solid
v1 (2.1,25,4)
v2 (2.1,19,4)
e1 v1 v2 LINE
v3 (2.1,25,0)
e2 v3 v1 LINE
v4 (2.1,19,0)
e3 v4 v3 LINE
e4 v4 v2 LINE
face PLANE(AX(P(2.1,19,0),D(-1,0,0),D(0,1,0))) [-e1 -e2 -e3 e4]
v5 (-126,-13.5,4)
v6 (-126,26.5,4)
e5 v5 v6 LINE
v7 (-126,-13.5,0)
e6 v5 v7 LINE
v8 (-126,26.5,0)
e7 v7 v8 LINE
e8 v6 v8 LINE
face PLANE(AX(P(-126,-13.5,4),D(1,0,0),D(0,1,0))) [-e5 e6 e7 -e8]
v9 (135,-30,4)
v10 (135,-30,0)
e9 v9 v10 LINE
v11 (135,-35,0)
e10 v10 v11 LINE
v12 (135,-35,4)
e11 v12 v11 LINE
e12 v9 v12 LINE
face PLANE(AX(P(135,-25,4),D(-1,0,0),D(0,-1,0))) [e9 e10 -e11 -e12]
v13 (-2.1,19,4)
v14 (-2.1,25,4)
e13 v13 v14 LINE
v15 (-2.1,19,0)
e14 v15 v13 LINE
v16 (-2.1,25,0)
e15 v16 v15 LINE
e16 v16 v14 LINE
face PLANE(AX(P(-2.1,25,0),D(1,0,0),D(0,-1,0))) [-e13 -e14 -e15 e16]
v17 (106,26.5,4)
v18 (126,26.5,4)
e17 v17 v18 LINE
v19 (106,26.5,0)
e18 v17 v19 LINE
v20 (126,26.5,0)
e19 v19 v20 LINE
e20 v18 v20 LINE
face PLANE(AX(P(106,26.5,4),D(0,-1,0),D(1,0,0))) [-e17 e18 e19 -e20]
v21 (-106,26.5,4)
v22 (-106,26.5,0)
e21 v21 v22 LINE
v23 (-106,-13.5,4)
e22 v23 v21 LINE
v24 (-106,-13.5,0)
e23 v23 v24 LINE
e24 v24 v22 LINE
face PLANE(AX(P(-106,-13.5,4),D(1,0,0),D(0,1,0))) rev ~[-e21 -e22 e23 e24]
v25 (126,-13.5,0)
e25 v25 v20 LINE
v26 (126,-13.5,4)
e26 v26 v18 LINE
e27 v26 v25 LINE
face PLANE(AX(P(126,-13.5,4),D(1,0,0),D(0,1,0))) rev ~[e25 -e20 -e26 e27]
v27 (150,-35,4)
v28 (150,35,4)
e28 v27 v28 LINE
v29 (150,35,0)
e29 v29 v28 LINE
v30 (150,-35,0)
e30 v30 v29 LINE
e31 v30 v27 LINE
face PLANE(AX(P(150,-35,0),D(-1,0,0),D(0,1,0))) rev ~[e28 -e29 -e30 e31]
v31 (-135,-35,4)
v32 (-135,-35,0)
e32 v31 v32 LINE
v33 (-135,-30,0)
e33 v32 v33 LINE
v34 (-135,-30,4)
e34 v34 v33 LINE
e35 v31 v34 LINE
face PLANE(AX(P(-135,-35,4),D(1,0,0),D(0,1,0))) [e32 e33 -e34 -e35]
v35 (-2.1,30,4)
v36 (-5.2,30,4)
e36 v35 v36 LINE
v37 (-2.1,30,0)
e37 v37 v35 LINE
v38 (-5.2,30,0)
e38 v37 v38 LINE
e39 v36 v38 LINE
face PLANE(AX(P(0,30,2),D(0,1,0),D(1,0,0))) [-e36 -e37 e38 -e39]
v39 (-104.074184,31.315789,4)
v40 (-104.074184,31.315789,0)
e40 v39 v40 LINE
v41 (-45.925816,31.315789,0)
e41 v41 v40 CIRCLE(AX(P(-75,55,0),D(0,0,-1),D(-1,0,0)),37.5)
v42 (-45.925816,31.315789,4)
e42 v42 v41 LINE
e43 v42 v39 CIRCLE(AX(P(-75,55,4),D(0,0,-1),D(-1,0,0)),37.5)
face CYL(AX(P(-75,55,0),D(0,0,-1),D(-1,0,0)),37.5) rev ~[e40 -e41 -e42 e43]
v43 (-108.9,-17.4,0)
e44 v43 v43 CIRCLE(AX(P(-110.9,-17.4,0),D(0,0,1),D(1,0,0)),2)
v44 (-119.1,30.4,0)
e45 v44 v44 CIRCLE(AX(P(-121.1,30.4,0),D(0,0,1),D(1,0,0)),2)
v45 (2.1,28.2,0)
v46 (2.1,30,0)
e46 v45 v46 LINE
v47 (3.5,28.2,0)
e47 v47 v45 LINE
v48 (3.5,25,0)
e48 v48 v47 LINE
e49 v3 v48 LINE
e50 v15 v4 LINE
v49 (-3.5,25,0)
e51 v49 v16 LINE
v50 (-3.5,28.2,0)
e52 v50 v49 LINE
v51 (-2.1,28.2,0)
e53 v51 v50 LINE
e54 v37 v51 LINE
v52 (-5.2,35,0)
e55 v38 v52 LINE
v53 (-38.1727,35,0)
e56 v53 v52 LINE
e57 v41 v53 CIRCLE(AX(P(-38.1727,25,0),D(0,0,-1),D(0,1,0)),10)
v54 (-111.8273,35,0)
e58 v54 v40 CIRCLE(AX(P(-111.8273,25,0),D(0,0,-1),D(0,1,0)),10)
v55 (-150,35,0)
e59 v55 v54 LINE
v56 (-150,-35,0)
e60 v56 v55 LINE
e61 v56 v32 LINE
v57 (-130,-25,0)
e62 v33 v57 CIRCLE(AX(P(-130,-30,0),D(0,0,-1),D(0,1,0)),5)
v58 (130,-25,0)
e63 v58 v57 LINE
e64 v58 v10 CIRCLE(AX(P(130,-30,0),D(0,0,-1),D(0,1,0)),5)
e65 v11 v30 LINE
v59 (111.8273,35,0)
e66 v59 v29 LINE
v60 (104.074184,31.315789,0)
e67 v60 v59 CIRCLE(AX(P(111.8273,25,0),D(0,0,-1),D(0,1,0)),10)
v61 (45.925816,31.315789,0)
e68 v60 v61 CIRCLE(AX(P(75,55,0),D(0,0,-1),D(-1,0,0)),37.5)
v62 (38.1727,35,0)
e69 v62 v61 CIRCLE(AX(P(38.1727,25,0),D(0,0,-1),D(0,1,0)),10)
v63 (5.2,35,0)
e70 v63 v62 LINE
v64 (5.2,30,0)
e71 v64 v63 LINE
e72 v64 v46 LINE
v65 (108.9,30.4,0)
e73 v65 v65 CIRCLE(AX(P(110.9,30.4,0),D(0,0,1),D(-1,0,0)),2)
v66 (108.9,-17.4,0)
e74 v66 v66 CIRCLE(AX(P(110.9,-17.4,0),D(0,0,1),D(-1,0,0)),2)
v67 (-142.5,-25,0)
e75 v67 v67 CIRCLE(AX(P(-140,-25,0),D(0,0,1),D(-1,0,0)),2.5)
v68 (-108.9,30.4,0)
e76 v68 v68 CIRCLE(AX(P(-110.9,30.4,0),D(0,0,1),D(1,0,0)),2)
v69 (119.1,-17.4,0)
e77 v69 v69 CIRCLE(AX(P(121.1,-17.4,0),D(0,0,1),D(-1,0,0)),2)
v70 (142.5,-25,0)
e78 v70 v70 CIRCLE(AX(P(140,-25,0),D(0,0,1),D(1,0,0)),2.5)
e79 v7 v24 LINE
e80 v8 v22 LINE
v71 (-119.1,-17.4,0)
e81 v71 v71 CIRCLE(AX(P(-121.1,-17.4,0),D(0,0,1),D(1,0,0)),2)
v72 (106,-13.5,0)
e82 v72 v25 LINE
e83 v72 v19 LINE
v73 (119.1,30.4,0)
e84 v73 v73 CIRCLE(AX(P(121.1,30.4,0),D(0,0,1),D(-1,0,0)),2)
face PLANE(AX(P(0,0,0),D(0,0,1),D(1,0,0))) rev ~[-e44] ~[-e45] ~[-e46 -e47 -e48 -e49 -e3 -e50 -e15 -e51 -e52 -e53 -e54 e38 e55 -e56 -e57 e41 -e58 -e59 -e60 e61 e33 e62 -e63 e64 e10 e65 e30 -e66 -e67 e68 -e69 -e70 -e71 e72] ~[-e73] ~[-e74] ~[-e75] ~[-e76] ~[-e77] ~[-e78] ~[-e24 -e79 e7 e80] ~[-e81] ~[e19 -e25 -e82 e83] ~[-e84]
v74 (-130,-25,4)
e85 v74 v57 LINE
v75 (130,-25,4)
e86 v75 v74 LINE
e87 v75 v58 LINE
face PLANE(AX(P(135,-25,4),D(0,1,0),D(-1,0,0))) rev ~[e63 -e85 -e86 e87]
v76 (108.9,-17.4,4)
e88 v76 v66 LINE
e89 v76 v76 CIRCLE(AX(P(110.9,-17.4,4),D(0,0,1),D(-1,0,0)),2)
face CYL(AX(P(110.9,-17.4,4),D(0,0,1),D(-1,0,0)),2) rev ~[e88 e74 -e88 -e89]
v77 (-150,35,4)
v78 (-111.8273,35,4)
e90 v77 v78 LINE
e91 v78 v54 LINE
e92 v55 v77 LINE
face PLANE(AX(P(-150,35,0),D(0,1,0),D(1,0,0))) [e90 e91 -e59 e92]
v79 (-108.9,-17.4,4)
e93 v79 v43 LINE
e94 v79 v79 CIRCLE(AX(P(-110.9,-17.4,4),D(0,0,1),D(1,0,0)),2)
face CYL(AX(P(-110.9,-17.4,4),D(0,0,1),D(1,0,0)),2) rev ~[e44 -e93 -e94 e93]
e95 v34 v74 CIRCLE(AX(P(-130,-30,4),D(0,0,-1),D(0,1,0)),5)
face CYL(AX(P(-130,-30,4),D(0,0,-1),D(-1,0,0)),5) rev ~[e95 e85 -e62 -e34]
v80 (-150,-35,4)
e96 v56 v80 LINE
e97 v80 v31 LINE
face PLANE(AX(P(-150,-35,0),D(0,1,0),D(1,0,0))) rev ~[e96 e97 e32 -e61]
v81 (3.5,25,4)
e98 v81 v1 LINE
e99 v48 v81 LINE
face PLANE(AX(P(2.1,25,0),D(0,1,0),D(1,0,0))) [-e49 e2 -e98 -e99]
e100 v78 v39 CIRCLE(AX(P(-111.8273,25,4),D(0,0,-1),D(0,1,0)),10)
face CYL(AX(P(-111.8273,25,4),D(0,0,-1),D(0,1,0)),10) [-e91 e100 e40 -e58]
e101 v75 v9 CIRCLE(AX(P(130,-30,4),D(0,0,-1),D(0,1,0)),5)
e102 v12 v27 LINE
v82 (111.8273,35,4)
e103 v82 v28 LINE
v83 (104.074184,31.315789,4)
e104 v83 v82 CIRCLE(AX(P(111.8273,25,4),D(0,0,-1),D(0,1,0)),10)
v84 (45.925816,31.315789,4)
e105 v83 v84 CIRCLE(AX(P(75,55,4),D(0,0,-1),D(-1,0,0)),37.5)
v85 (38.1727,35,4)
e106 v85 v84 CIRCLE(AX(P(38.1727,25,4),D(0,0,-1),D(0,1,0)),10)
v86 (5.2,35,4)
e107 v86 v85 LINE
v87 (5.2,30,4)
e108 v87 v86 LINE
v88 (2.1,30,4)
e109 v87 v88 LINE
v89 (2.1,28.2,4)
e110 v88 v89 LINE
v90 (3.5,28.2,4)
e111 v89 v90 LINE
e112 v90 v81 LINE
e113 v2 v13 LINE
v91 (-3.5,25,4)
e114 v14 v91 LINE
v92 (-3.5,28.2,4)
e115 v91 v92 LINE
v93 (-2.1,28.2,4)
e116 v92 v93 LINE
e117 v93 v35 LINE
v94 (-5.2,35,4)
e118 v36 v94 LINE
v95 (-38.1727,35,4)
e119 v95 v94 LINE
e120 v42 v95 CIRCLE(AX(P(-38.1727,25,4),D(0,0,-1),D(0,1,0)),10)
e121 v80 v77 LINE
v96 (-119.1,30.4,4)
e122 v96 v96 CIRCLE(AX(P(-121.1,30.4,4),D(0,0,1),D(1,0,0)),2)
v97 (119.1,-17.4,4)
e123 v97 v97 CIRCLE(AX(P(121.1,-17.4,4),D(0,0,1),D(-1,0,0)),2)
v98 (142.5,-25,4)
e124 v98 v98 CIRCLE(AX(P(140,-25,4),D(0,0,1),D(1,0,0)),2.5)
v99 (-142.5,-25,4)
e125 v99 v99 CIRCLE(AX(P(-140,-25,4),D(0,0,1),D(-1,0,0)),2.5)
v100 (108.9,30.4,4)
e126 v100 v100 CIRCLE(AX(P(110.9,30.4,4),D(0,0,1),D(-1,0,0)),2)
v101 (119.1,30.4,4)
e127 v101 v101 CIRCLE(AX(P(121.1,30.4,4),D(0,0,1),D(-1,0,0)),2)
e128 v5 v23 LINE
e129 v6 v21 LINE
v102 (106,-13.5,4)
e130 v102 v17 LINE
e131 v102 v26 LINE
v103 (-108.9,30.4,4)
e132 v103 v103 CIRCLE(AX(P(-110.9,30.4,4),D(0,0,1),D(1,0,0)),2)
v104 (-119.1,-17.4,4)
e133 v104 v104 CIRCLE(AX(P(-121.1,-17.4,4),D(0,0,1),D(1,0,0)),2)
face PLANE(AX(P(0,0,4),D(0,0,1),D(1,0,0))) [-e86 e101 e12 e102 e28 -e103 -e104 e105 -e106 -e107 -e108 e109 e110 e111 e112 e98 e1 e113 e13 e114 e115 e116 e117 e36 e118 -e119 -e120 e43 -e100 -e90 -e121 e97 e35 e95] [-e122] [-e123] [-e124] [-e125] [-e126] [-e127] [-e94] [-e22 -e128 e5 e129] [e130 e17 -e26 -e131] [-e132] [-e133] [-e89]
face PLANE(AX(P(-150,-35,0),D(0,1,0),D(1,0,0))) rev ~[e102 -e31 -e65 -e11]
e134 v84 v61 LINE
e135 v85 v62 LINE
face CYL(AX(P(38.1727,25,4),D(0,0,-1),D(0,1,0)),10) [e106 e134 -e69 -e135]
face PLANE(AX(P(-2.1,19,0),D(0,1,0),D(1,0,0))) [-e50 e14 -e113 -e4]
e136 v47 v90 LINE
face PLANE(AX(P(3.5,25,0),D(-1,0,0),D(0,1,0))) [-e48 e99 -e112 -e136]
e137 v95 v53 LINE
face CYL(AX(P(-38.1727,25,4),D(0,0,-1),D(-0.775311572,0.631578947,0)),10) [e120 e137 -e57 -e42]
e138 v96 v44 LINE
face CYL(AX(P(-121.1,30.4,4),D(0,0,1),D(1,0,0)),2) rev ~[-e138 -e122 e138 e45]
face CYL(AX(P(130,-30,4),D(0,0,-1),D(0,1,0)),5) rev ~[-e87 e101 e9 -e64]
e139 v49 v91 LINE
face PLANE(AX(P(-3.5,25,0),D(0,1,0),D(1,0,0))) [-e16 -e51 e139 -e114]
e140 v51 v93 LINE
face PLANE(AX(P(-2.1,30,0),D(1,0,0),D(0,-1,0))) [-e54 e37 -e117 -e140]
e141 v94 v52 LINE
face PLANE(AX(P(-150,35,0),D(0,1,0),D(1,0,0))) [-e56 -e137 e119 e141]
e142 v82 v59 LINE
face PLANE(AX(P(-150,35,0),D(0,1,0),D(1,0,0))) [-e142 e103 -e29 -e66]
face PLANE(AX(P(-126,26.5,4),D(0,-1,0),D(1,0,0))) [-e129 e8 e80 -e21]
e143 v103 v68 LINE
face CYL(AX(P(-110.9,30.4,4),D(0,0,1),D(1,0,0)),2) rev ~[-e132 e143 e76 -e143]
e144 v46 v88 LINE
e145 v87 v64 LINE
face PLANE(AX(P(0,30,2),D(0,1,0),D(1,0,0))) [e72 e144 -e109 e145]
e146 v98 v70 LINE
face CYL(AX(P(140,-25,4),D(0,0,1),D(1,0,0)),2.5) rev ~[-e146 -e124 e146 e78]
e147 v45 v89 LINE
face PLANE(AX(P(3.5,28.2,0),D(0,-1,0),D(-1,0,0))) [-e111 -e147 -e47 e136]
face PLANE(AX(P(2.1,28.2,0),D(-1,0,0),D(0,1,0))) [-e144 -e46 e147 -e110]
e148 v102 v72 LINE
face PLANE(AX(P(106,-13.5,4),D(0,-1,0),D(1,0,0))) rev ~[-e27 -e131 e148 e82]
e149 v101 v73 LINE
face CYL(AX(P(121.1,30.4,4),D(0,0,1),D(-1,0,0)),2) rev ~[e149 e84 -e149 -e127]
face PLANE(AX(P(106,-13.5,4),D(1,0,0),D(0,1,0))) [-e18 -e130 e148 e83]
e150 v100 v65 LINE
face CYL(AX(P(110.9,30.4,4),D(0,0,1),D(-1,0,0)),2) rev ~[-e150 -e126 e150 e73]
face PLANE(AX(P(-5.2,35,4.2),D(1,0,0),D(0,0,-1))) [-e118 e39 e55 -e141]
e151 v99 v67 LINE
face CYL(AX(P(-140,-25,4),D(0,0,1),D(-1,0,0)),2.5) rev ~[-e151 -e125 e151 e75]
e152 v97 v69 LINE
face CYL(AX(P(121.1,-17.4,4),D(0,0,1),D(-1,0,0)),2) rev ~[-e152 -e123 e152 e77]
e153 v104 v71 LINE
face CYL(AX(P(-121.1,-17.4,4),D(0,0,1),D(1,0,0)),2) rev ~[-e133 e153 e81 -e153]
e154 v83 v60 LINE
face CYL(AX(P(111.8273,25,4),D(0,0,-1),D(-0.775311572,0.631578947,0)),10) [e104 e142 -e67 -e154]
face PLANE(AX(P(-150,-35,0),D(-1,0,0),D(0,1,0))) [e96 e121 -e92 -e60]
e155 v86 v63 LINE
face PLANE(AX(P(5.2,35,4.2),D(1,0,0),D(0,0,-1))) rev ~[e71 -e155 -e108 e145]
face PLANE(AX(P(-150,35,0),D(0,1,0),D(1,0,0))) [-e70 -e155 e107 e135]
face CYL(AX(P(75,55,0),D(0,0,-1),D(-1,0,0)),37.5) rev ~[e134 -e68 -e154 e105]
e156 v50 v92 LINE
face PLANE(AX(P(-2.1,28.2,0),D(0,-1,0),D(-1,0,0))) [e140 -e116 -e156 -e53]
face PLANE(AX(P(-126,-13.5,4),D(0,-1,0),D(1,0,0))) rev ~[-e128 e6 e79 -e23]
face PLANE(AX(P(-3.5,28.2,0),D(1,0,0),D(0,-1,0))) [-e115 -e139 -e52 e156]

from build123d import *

# Parameters (mm, degrees)
ESQUISSE1_W             = 300
ESQUISSE1_H             = 70
BOSS_EXTRU_1_DEPTH      = 4
ESQUISSE2_R             = 2.5
ENL_V_MAT_EXTRU_1_DEPTH = 155.081147452
ESQUISSE3_R             = 37.5
ENL_V_MAT_EXTRU_2_DEPTH = 155.081147452
CONG_1_R                = 10
ESQUISSE4_R             = 2
ESQUISSE4_W             = 20
ESQUISSE4_H             = 40
ENL_V_MAT_EXTRU_3_DEPTH = 155.081147452
CONG_2_R                = 5
ESQUISSE5_W             = 10.4
ESQUISSE5_H             = 4.4
ENL_V_MAT_EXTRU_4_DEPTH = 5
ENL_V_MAT_EXTRU_5_DEPTH = 155.081147452


with BuildPart() as part:
    # Esquisse1 → Boss.-Extru.1 (new body)
    with BuildSketch(Plane.XY):
        Rectangle(ESQUISSE1_W, ESQUISSE1_H)
    extrude(amount=BOSS_EXTRU_1_DEPTH)

    # Esquisse2 → Enlèv. mat.-Extru.1 (cut, through all)
    with BuildSketch(Plane.XY.offset(4)):
        with Locations((140, -25)):
            Circle(ESQUISSE2_R)
        with Locations(Location((-140, -25, 0), (0, 0, 180))):
            Circle(ESQUISSE2_R)
        Polygon((-135, -25), (0, -25), (135, -25), (135, -35), (0, -35), (-135, -35), align=None)
    extrude(amount=-ENL_V_MAT_EXTRU_1_DEPTH, mode=Mode.SUBTRACT)

    # Esquisse3 → Enlèv. mat.-Extru.2 (cut, through all)
    with BuildSketch(Plane(origin=(0, 0, 0), x_dir=(-1, 0, 0), z_dir=(0, 0, -1))):
        with Locations((75, 55)):
            Circle(ESQUISSE3_R)
        with Locations((-75, 55)):
            Circle(ESQUISSE3_R)
    extrude(amount=-ENL_V_MAT_EXTRU_2_DEPTH, mode=Mode.SUBTRACT)

    # Congé1
    cong_1_edges = [part.edges().sort_by_distance(p)[0] for p in [
        (-106.721443851, 35, 2),
        (-43.278556149, 35, 2),
        (43.278556149, 35, 2),
        (106.721443851, 35, 2),
    ]]
    fillet(cong_1_edges, radius=CONG_1_R)

    # Esquisse4 → Enlèv. mat.-Extru.3 (cut, through all)
    with BuildSketch(Plane.XY.offset(4)):
        with Locations((-110.9, 30.4)):
            Circle(ESQUISSE4_R)
        with Locations((-121.1, 30.4)):
            Circle(ESQUISSE4_R)
        with Locations((-110.9, -17.4)):
            Circle(ESQUISSE4_R)
        with Locations((-121.1, -17.4)):
            Circle(ESQUISSE4_R)
        with Locations(Location((121.1, -17.4, 0), (0, 0, 180))):
            Circle(ESQUISSE4_R)
        with Locations(Location((110.9, -17.4, 0), (0, 0, 180))):
            Circle(ESQUISSE4_R)
        with Locations(Location((121.1, 30.4, 0), (0, 0, 180))):
            Circle(ESQUISSE4_R)
        with Locations(Location((110.9, 30.4, 0), (0, 0, 180))):
            Circle(ESQUISSE4_R)
        with Locations((-116, 6.5)):
            Rectangle(ESQUISSE4_W, ESQUISSE4_H)
        with Locations((116, 6.5)):
            Rectangle(ESQUISSE4_W, ESQUISSE4_H)
    extrude(amount=-ENL_V_MAT_EXTRU_3_DEPTH, mode=Mode.SUBTRACT)

    # Congé2
    cong_2_edges = [part.edges().sort_by_distance(p)[0] for p in [
        (-135, -25, 2),
        (135, -25, 2),
    ]]
    fillet(cong_2_edges, radius=CONG_2_R)

    # Esquisse5 → Enlèv. mat.-Extru.4 (cut)
    with BuildSketch(Plane(origin=(0, 35, 0), x_dir=(1, 0, 0), z_dir=(0, 1, 0))):
        with Locations((0, -2)):
            Rectangle(ESQUISSE5_W, ESQUISSE5_H)
    extrude(amount=-ENL_V_MAT_EXTRU_4_DEPTH, mode=Mode.SUBTRACT)

    # Esquisse6 → Enlèv. mat.-Extru.5 (cut, through all)
    with BuildSketch(Plane(origin=(0, 0, 0), x_dir=(-1, 0, 0), z_dir=(0, 0, -1))):
        Polygon((-2.1, 30), (2.1, 30), (2.1, 28.2), (3.5, 28.2), (3.5, 25), (2.1, 25), (2.1, 19), (-2.1, 19), (-2.1, 25), (-3.5, 25), (-3.5, 28.2), (-2.1, 28.2), align=None)
    extrude(amount=-ENL_V_MAT_EXTRU_5_DEPTH, mode=Mode.SUBTRACT)


solid = part.part
